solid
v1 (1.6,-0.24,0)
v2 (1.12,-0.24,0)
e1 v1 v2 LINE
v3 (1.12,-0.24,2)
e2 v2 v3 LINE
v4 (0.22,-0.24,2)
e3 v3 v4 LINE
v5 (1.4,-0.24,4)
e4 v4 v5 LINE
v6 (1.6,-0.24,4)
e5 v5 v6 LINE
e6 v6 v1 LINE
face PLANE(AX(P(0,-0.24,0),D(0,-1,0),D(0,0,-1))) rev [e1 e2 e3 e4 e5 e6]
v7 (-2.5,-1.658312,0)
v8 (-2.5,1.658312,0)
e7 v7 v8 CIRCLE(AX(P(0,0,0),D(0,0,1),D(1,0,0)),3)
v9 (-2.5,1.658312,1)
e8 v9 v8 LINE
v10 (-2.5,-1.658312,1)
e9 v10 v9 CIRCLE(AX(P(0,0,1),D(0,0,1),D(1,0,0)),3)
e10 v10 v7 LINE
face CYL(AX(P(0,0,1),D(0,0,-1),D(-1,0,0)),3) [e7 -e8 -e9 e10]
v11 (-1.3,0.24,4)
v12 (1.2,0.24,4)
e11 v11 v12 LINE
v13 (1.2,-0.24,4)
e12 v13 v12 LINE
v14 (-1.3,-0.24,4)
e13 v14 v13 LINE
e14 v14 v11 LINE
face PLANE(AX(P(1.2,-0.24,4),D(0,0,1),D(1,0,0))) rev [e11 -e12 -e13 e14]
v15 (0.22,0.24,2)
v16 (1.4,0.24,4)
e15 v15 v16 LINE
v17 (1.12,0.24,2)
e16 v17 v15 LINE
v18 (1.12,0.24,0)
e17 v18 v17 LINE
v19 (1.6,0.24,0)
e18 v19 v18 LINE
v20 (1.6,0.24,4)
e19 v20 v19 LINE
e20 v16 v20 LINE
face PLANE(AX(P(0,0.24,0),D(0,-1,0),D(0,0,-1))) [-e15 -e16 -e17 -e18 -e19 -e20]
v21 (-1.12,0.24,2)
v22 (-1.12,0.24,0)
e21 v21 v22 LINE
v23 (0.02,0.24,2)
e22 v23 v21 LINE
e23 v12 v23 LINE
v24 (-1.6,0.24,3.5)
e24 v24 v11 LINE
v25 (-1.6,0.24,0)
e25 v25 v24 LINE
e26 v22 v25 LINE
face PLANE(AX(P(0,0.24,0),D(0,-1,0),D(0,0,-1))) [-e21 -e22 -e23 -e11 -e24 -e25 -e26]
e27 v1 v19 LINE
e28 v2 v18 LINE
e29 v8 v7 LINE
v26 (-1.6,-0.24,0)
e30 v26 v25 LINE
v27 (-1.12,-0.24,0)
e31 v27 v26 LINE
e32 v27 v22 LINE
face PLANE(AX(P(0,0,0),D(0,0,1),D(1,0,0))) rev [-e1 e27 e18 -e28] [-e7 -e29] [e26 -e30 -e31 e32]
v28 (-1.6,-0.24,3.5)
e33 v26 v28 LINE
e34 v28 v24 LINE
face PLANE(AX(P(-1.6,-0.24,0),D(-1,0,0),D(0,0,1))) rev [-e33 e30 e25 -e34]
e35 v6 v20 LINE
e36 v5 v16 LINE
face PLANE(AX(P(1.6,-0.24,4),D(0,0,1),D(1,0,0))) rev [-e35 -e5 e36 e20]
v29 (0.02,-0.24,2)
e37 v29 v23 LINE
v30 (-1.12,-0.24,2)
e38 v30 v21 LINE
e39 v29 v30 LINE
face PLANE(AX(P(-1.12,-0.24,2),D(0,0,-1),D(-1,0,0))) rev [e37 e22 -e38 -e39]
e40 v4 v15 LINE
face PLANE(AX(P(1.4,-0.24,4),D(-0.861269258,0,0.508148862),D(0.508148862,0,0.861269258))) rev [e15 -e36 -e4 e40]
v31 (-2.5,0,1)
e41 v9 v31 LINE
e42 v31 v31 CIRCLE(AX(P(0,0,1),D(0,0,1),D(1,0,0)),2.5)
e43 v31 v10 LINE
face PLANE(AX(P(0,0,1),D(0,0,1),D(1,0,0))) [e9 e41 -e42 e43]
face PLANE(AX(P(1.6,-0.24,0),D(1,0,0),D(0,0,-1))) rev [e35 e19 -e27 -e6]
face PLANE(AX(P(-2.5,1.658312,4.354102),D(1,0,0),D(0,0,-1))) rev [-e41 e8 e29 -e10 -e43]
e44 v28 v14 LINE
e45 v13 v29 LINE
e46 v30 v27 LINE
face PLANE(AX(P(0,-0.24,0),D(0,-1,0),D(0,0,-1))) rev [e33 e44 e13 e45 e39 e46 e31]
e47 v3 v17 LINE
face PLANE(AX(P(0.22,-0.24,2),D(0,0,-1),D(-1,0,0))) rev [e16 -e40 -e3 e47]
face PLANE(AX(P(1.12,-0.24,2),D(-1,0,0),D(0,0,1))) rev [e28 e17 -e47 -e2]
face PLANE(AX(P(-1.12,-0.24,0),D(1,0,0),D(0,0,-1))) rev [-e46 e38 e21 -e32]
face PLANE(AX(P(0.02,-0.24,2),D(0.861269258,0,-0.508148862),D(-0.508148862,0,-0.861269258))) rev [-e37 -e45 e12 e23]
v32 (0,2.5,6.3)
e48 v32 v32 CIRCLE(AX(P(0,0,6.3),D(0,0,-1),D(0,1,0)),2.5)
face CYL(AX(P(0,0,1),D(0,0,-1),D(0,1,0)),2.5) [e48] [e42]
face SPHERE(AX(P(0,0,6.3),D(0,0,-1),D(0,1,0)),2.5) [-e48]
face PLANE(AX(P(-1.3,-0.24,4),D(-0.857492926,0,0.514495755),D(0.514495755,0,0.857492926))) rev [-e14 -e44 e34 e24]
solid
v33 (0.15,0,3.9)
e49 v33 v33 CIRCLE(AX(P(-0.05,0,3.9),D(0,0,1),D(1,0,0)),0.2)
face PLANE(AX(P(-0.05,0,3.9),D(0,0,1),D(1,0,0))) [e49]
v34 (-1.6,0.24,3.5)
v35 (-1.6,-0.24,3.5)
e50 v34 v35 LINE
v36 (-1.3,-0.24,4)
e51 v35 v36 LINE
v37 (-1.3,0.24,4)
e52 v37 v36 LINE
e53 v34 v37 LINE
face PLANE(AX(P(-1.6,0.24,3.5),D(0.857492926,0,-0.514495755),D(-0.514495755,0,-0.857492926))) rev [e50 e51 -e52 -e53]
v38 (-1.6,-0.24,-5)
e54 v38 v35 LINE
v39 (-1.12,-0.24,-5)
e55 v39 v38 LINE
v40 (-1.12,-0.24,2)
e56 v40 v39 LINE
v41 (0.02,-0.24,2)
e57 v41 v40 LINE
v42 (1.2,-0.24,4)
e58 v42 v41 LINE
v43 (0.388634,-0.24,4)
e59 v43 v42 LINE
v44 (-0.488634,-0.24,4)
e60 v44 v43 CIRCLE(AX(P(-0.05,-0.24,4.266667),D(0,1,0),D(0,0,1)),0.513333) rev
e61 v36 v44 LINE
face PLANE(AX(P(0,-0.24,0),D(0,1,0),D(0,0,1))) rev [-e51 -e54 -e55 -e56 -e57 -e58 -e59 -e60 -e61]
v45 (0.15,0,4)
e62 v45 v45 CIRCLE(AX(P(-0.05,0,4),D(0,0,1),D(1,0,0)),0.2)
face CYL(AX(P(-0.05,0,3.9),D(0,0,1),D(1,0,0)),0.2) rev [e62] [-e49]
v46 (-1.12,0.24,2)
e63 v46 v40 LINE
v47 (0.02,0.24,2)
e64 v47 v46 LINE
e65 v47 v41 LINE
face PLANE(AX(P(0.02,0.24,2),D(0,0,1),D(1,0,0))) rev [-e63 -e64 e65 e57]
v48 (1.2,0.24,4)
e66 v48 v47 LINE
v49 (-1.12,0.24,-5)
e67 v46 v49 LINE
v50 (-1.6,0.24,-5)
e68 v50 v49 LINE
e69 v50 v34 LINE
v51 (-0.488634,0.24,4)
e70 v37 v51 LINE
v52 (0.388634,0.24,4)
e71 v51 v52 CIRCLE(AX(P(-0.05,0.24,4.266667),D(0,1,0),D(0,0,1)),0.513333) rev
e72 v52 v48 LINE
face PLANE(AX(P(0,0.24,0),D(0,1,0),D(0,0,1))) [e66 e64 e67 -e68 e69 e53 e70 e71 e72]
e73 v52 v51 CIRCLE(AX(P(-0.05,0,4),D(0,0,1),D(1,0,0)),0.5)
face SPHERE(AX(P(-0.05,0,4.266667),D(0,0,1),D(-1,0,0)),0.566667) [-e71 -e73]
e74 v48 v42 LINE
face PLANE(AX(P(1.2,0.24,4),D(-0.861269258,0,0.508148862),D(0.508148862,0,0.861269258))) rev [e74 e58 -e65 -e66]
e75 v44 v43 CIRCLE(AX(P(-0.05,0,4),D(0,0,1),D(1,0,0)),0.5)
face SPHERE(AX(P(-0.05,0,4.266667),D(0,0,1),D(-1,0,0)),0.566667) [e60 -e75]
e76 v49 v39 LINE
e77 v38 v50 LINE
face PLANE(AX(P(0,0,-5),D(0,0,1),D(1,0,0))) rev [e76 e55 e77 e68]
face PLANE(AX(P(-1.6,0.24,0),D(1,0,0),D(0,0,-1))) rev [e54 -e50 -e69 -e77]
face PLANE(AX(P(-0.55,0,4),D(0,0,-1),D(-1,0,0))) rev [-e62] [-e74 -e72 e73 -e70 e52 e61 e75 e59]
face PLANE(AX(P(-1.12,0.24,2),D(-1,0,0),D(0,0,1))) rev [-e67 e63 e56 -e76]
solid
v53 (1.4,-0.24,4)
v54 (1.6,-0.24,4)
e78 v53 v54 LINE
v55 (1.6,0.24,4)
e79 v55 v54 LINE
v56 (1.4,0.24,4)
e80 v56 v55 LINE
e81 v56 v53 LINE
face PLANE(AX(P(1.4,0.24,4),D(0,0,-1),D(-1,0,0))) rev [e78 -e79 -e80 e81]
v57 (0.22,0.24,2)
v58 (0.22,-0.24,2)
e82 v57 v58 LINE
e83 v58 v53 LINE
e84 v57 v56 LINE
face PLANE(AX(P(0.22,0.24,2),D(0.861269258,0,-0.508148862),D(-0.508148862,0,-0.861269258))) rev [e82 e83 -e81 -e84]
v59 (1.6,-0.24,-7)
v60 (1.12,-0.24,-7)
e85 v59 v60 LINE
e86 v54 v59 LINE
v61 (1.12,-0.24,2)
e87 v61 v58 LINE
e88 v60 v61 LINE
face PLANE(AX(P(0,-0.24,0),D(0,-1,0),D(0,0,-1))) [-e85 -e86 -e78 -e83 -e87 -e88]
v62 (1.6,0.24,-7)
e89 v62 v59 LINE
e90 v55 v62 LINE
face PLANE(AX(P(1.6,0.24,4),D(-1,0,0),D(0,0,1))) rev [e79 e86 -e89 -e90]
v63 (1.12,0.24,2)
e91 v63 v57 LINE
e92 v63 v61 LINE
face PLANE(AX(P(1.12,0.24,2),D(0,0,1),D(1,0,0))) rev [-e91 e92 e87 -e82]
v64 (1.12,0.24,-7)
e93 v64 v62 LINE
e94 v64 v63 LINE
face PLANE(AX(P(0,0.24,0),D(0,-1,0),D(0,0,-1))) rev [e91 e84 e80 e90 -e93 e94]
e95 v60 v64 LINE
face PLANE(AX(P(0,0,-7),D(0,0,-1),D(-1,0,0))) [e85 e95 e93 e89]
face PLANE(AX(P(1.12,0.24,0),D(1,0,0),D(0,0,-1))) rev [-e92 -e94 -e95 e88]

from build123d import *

# Parameters (mm, degrees)
SKETCH1_R             = 3
BOSS_EXTRUDE1_DEPTH   = 1
CUT_EXTRUDE1_DEPTH    = 1
SKETCH4_W             = 0.48
SKETCH4_H             = 0.48
BOSS_EXTRUDE2_DEPTH   = 5
BOSS_EXTRUDE2_2_DEPTH = 5
SKETCH5_W             = 0.48
SKETCH5_H             = 0.48
BOSS_EXTRUDE3_DEPTH   = 2
CUT_EXTRUDE2_DEPTH    = 0.24
BOSS_EXTRUDE4_DEPTH   = 0.24
BOSS_EXTRUDE4_2_DEPTH = 0.24
SKETCH10_R            = 0.2
CUT_EXTRUDE3_DEPTH    = 0.1


with BuildPart() as part:
    # Sketch1 → Boss-Extrude1 (new body)
    with BuildSketch(Plane.XY):
        Circle(SKETCH1_R)
    extrude(amount=BOSS_EXTRUDE1_DEPTH)

    # Sketch2 → Revolve1 (revolve)
    with BuildSketch(Plane(origin=(0, 0, 0), x_dir=(0, 0, -1), z_dir=(1, 0, 0))):
        with BuildLine():
            Line((-1, 0), (-8.8, 0))
            ThreePointArc((-8.8, 0), (-8.067766953, 1.767766953), (-6.3, 2.5))
            Line((-6.3, 2.5), (-1, 2.5))
            Line((-1, 2.5), (-1, 0))
        make_face()
    revolve(axis=Axis((0, 0, 1), (0, 0, 1)))

    # Sketch3 → Cut-Extrude1 (cut)
    with BuildSketch(Plane(origin=(0, 0, 0), x_dir=(-1, 0, 0), z_dir=(0, 0, -1))):
        with BuildLine():
            Line((2.5, 1.658312395), (2.5, -1.658312395))
            ThreePointArc((2.5, -1.658312395), (3, 0), (2.5, 1.658312395))
        make_face()
    extrude(amount=-CUT_EXTRUDE1_DEPTH, mode=Mode.SUBTRACT)

    # Sketch6 → Cut-Extrude2 (cut, symmetric)
    with BuildSketch(Plane(origin=(0, 0, 0), x_dir=(1, 0, 0), z_dir=(0, 1, 0))):
        Polygon((-1.6, 0), (-1.6, -3.5), (-1.3, -4), (1.2, -4), (0.02, -2), (-1.12, -2), (-1.12, 0), align=None)
        Polygon((1.6, 0), (1.6, -4), (1.4, -4), (0.22, -2), (1.12, -2), (1.12, 0), align=None)
    extrude(amount=CUT_EXTRUDE2_DEPTH, both=True, mode=Mode.SUBTRACT)


with BuildPart() as body_2:
    # Sketch4 → Boss-Extrude2 (new body)
    with BuildSketch(Plane(origin=(0, 0, 0), x_dir=(-1, 0, 0), z_dir=(0, 0, -1))):
        with Locations((-1.36, 0)):
            Rectangle(SKETCH4_W, SKETCH4_H)
    extrude(amount=BOSS_EXTRUDE2_DEPTH)


with BuildPart() as body_3:
    # Sketch4 → Boss-Extrude2 2 (new body)
    with BuildSketch(Plane(origin=(0, 0, 0), x_dir=(-1, 0, 0), z_dir=(0, 0, -1))):
        with Locations((1.36, 0)):
            Rectangle(SKETCH4_W, SKETCH4_H)
    extrude(amount=BOSS_EXTRUDE2_2_DEPTH)


with BuildPart() as body_4:
    # Sketch5 → Boss-Extrude3 (new body)
    with BuildSketch(Plane(origin=(0, 0, -5), x_dir=(-1, 0, 0), z_dir=(0, 0, -1))):
        with Locations((-1.36, 0)):
            Rectangle(SKETCH5_W, SKETCH5_H)
    extrude(amount=BOSS_EXTRUDE3_DEPTH)


with BuildPart() as body_5:
    # Sketch7 → Boss-Extrude4 (new body, symmetric)
    with BuildSketch(Plane(origin=(0, 0, 0), x_dir=(1, 0, 0), z_dir=(0, 1, 0))):
        Polygon((-1.3, -4), (1.2, -4), (0.02, -2), (-1.12, -2), (-1.12, 0), (-1.6, 0), (-1.6, -3.5), align=None)
    extrude(amount=BOSS_EXTRUDE4_DEPTH, both=True)

    # Combine2: union body 3
    add(body_3.part)

    # Sketch8 → Cut-Revolve1 (revolve, cut)
    with BuildSketch(Plane(origin=(0, 0, 0), x_dir=(1, 0, 0), z_dir=(0, 1, 0))):
        with BuildLine():
            Line((-0.05, -4), (-0.05, -3.7))
            ThreePointArc((-0.05, -3.7), (-0.341547595, -3.780754009), (-0.55, -4))
            Line((-0.55, -4), (-0.05, -4))
        make_face()
    revolve(axis=Axis((-0.05, 0, 4), (0, 0, -1)), mode=Mode.SUBTRACT)


with BuildPart() as body_6:
    # Sketch7 → Boss-Extrude4 2 (new body, symmetric)
    with BuildSketch(Plane(origin=(0, 0, 0), x_dir=(1, 0, 0), z_dir=(0, 1, 0))):
        Polygon((0.22, -2), (1.4, -4), (1.6, -4), (1.6, 0), (1.12, 0), (1.12, -2), align=None)
    extrude(amount=BOSS_EXTRUDE4_2_DEPTH, both=True)

    # Combine1: union body 4, body 2
    add(body_4.part)
    add(body_2.part)


with BuildPart() as body_4_2:
    # Sketch9 → Revolve2 (revolve)
    with BuildSketch(Plane(origin=(0, 0, 0), x_dir=(1, 0, 0), z_dir=(0, 1, 0))):
        with BuildLine():
            Line((-0.55, -4), (-0.05, -4))
            Line((-0.05, -4), (-0.05, -3.7))
            ThreePointArc((-0.05, -3.7), (-0.341547595, -3.780754009), (-0.55, -4))
        make_face()
    revolve(axis=Axis((-0.05, 0, 4), (0, 0, -1)))

    # Combine3: union body 5
    add(body_5.part)

    # Sketch10 → Cut-Extrude3 (cut)
    with BuildSketch(Plane.XY.offset(4)):
        with Locations((-0.05, 0)):
            Circle(SKETCH10_R)
    extrude(amount=-CUT_EXTRUDE3_DEPTH, mode=Mode.SUBTRACT)


solid = Compound([part.part, body_6.part, body_4_2.part])
